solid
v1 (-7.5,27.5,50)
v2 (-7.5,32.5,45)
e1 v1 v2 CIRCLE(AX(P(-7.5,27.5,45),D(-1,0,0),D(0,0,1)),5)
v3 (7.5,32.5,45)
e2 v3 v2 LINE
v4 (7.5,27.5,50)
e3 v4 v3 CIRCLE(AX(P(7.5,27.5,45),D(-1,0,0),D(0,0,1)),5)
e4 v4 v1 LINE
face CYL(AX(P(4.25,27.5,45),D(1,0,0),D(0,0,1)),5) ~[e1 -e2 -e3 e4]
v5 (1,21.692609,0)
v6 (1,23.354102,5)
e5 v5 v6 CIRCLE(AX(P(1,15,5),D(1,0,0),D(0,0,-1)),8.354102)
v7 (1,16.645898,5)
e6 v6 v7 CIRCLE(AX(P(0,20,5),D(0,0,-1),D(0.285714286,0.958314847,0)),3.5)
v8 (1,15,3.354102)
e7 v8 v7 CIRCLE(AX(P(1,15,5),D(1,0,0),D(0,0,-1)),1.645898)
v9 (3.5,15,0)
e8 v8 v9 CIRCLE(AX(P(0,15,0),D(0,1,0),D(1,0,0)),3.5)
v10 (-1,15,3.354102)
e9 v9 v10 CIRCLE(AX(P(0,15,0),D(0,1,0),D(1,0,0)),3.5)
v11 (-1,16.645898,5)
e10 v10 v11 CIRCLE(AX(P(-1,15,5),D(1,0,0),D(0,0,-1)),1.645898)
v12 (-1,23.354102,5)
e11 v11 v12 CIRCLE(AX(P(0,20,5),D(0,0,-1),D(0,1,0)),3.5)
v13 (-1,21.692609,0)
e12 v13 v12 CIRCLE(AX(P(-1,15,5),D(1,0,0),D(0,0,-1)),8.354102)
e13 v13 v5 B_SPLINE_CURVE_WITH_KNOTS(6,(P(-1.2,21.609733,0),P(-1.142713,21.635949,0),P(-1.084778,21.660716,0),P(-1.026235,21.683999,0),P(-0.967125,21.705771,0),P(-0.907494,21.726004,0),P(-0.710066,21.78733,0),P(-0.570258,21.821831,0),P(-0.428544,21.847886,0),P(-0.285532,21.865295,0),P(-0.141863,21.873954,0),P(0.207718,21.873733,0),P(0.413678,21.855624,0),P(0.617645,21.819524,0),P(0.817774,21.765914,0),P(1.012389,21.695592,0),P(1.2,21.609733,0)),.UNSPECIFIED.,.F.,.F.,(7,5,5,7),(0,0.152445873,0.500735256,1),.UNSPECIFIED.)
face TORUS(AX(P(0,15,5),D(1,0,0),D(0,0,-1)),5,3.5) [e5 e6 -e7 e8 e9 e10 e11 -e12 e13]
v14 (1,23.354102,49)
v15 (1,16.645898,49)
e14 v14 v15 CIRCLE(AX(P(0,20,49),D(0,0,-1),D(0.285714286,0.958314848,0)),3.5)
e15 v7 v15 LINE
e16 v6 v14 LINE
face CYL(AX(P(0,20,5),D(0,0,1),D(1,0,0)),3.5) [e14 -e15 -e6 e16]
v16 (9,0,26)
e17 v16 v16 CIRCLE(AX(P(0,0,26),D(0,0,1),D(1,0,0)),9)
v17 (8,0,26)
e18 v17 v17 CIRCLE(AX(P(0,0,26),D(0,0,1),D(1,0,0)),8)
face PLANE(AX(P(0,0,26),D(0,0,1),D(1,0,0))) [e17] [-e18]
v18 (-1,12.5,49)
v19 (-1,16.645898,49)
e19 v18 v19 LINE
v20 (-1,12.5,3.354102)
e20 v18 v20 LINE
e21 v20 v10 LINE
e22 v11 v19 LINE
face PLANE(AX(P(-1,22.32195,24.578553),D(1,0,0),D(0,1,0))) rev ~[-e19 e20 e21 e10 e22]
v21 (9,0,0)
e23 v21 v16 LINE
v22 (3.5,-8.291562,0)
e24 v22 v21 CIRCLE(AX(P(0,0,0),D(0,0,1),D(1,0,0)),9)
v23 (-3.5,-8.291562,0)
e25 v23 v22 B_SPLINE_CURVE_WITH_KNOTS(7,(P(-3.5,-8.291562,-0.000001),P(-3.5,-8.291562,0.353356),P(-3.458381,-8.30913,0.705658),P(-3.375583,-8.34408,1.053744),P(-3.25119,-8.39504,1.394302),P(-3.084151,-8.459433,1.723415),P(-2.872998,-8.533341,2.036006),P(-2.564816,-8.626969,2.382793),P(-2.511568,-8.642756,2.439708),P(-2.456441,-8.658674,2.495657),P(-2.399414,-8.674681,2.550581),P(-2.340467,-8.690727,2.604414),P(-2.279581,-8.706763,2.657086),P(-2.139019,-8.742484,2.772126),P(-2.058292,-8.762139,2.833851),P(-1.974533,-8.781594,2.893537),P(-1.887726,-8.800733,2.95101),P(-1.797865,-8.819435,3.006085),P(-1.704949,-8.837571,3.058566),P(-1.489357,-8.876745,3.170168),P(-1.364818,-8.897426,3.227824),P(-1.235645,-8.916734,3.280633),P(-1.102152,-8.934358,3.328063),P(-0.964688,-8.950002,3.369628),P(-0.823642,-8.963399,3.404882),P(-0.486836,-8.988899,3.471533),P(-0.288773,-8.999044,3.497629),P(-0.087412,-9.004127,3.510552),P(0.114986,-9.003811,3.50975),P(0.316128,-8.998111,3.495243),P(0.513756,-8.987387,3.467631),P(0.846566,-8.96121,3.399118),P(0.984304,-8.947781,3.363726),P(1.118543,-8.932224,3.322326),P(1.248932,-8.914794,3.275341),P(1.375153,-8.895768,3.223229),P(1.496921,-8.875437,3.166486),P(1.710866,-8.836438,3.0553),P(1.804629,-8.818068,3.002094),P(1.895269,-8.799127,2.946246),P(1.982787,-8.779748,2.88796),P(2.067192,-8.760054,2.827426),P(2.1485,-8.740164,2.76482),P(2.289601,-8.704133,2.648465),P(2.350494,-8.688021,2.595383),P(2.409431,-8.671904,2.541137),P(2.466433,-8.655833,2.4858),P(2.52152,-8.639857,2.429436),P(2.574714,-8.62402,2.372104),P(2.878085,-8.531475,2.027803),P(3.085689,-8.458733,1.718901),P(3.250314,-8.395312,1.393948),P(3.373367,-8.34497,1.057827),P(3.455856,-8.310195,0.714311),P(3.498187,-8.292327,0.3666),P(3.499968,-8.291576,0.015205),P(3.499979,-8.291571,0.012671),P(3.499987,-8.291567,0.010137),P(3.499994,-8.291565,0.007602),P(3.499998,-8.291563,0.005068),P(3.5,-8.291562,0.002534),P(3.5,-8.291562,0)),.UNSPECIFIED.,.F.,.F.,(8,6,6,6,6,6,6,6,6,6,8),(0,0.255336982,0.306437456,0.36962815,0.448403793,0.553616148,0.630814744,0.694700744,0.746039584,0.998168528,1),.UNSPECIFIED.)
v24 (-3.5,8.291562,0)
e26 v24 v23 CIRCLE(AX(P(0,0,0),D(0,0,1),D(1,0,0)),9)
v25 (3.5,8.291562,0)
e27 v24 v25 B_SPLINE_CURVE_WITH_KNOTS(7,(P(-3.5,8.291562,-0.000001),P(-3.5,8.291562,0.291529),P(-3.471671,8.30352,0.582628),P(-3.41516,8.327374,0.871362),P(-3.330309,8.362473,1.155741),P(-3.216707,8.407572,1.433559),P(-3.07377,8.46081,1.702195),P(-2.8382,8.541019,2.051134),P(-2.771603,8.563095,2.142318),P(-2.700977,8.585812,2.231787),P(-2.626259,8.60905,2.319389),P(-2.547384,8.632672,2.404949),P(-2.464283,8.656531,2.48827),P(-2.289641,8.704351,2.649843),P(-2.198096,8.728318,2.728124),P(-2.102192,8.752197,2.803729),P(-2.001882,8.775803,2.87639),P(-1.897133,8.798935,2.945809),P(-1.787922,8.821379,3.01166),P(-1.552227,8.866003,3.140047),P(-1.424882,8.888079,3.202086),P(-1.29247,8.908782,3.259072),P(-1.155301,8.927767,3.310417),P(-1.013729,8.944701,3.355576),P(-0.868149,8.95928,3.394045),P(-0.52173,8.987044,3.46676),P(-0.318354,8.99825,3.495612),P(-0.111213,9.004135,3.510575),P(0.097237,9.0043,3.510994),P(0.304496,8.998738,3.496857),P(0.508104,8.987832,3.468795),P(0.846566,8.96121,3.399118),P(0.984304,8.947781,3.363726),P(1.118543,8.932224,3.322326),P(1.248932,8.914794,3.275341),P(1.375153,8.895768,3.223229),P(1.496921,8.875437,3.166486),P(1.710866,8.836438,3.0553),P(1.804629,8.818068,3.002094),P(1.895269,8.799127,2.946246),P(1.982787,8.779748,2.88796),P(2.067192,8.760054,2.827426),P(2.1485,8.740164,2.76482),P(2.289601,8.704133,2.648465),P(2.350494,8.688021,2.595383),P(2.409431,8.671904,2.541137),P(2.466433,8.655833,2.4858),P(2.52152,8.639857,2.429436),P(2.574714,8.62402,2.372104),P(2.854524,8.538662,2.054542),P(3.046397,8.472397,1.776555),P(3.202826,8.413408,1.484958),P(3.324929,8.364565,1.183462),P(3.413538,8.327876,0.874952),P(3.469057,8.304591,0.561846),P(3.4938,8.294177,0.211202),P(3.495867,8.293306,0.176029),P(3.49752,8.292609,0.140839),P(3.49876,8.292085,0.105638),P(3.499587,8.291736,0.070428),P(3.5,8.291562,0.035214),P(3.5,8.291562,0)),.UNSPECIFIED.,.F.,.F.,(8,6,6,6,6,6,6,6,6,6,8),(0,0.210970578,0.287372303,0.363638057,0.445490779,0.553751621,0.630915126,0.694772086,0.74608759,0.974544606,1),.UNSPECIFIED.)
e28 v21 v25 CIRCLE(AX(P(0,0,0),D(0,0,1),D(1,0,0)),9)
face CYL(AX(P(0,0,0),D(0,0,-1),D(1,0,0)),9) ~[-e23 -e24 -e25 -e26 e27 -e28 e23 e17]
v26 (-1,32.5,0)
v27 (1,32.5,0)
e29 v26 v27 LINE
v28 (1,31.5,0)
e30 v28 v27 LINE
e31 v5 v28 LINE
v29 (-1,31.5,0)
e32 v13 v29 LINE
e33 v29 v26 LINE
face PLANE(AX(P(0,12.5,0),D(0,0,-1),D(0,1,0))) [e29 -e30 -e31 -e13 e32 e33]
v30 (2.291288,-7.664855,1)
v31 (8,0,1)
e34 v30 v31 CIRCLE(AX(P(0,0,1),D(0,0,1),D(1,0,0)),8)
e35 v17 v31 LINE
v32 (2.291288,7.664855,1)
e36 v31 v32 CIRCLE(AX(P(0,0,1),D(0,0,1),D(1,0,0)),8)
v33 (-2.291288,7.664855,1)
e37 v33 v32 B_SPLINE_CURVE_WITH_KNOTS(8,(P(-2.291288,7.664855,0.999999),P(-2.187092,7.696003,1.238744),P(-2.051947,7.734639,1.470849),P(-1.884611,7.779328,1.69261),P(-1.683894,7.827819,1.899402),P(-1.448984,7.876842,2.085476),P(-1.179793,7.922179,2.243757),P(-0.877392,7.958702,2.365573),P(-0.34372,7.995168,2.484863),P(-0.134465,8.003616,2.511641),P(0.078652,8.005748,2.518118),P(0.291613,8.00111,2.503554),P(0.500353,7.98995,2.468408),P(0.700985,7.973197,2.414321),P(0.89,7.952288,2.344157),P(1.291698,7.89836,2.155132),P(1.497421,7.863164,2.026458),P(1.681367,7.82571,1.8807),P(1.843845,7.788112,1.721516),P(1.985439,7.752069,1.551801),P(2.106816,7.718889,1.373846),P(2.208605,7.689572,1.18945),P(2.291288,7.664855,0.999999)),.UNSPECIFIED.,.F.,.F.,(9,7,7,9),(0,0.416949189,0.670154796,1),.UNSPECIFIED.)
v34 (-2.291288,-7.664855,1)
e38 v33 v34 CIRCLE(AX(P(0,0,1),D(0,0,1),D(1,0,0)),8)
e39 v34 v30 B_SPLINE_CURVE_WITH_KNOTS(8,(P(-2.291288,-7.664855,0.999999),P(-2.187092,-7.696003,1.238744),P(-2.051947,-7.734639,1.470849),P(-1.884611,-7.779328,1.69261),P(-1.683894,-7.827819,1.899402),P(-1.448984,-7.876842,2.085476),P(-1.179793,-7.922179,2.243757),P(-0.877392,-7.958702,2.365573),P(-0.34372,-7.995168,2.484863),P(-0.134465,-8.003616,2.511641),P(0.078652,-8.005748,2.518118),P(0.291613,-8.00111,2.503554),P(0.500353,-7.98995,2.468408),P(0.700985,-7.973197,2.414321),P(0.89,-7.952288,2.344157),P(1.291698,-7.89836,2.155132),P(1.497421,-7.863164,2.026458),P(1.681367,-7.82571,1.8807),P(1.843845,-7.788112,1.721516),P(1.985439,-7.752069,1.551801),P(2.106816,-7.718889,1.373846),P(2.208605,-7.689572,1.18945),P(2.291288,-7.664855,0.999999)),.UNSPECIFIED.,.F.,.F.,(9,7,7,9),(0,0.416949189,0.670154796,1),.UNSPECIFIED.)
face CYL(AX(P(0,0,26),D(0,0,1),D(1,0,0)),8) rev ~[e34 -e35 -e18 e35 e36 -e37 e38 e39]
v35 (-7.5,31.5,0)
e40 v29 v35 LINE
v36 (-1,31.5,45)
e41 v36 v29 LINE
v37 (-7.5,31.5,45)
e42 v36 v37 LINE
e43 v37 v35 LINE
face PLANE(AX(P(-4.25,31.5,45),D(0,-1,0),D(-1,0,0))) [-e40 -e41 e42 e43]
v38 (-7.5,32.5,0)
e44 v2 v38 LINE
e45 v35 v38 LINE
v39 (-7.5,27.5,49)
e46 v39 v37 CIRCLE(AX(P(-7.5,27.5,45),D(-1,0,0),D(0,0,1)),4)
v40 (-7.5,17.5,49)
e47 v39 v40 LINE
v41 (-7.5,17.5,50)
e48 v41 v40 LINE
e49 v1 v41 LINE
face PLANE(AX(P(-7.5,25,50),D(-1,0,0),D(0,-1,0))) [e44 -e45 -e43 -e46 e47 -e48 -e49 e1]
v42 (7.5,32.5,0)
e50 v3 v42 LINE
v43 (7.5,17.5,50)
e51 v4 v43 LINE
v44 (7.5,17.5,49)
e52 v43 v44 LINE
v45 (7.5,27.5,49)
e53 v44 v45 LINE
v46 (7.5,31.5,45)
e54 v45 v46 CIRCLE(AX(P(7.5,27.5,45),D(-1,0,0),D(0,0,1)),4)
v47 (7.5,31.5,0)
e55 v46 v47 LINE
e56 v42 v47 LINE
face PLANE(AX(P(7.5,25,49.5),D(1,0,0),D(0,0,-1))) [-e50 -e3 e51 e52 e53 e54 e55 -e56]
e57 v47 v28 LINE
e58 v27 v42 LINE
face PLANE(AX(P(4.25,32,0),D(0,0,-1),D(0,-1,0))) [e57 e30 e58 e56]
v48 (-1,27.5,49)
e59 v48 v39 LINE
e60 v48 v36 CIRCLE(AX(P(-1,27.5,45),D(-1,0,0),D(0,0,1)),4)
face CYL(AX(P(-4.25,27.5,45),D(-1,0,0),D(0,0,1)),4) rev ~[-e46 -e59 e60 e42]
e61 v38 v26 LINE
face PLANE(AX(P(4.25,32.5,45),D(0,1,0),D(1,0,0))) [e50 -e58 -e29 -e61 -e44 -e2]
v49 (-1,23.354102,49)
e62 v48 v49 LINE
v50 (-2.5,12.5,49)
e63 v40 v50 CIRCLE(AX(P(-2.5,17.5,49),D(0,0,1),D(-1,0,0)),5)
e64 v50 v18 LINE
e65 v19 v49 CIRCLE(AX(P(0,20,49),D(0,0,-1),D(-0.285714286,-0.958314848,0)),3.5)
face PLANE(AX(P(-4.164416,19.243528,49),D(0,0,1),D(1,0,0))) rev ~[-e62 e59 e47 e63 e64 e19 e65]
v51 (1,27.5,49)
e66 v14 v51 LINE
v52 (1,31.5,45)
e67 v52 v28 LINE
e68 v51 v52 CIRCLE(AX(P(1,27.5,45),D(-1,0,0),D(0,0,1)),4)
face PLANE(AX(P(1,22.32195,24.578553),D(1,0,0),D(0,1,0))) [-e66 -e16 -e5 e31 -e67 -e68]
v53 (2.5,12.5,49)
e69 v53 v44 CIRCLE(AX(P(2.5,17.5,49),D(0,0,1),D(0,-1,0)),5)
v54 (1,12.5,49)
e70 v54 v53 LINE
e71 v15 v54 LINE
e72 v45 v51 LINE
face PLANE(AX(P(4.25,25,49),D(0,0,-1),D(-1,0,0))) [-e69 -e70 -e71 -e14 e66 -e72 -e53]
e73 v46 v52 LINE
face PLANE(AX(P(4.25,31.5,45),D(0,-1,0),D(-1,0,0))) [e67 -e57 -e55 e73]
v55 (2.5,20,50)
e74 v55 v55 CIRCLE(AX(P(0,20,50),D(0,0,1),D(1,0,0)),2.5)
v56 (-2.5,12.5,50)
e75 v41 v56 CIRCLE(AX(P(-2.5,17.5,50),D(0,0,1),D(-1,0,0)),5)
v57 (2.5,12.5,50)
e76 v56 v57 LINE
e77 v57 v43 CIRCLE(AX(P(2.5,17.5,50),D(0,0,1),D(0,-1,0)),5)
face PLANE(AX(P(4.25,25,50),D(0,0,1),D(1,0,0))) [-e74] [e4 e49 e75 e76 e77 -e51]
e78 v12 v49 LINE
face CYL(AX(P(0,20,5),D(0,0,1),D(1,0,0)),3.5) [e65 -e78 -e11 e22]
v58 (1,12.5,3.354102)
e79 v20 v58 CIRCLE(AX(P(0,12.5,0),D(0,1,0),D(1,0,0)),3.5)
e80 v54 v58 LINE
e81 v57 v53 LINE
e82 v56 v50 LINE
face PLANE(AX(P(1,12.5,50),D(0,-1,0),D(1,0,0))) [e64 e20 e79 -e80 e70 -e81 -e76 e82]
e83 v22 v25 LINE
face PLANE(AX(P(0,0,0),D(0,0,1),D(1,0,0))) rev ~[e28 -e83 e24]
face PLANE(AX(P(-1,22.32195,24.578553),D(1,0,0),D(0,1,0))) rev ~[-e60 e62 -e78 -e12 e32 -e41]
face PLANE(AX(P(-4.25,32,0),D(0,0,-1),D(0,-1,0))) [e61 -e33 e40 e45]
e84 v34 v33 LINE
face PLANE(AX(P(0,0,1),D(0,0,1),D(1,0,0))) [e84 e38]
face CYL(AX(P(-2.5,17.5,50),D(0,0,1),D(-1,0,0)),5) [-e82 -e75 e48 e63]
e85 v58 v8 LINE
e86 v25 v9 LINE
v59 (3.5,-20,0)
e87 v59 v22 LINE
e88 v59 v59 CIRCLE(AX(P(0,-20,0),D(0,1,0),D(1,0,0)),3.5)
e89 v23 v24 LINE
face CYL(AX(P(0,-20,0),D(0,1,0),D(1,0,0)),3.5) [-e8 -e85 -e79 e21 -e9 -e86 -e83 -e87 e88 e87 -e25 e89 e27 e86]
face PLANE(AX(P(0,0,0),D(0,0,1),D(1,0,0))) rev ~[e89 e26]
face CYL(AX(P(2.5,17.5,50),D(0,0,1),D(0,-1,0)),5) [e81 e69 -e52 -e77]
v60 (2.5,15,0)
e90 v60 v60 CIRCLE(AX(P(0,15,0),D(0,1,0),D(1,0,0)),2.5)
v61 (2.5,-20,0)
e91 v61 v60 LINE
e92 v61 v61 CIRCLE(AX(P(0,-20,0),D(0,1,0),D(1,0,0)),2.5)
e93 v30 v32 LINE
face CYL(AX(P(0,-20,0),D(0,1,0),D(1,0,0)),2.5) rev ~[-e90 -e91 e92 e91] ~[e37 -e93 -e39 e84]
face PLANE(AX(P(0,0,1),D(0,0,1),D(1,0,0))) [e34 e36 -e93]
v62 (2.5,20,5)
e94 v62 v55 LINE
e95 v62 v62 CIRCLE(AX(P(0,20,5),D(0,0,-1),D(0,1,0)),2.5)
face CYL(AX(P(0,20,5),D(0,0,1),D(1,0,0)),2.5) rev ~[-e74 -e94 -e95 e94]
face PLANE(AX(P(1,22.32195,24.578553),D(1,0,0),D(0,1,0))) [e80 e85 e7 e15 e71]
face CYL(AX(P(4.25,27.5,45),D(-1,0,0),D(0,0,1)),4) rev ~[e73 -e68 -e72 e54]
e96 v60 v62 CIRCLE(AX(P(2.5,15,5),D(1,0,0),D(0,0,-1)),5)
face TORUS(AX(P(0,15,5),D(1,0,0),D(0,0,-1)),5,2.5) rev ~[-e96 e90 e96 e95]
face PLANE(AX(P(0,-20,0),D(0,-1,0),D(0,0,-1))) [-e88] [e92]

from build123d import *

# Parameters (mm, degrees)
F0_R       = 9
F1_DEPTH   = 26
F3_DEPTH   = 1
F4_R       = 3.5
F7_R       = 2.5
F9_R       = 8
F10_DEPTH  = 25
F13_DEPTH  = 1
F13_FACE_W = 6.5
F13_FACE_H = 1


with BuildPart() as f1:
    # F0 (on Top) → F1 (new body)
    with BuildSketch(Plane.XY):
        Circle(F0_R)
    extrude(amount=F1_DEPTH)



with BuildPart() as f3:
    # F2 (on Right) → F3 (new body, symmetric)
    with BuildSketch(Plane.YZ):
        with BuildLine():
            Line((12.5, 0), (32.5, 0))
            Line((32.5, 0), (32.5, 45))
            ThreePointArc((32.5, 45), (31.0355339059, 48.5355339059), (27.5, 50))
            Line((27.5, 50), (12.5, 50))
            Line((12.5, 50), (12.5, 0))
        make_face()
    extrude(amount=F3_DEPTH, both=True)


with BuildPart() as f1_1:
    add(f1.part)

    add(f3.part)  # F6 merges F3
    # F6: sweep along a path in F5
    with BuildLine(Plane.YZ) as f6_path:
        Line((-20, 0), (0, 0))
        Line((0, 0), (15, 0))
        ThreePointArc((15, 0), (18.5355339059, 1.4644660941), (20, 5))
        Line((20, 5), (20, 50))
    # F4 (on Front) → F6 (sweep)
    with BuildSketch(Plane.XZ):
        Circle(F4_R)
    sweep(path=f6_path.line)

    # F8: sweep along a path in F5
    with BuildLine(Plane.YZ) as f8_path:
        Line((-20, 0), (0, 0))
        Line((0, 0), (15, 0))
        ThreePointArc((15, 0), (18.5355339059, 1.4644660941), (20, 5))
        Line((20, 5), (20, 50))
    # F7 (on face) → F8 (sweep, cut)
    with BuildSketch(Plane.XZ.offset(20)):
        Circle(F7_R)
    sweep(path=f8_path.line, mode=Mode.SUBTRACT)

    # F9 (on face) → F10 (cut)
    with BuildSketch(Plane.XY.offset(26)):
        Circle(F9_R)
    extrude(amount=-F10_DEPTH, mode=Mode.SUBTRACT)

    # F12 (on face) → F13 (join)
    with BuildSketch(Plane.XY.offset(50)):
        with BuildLine():
            Line((7.5, 25), (1, 25))
            Line((1, 25), (1, 23.3541019662))
            ThreePointArc((1, 23.3541019662), (3.5, 20), (1, 16.6458980338))
            Line((1, 16.6458980338), (1, 12.5))
            Line((1, 12.5), (2.5, 12.5))
            ThreePointArc((2.5, 12.5), (6.0355339059, 13.9644660941), (7.5, 17.5))
            Line((7.5, 17.5), (7.5, 25))
        make_face()
        with BuildLine():
            Line((-1, 25), (-7.5, 25))
            Line((-7.5, 25), (-7.5, 17.5))
            ThreePointArc((-7.5, 17.5), (-6.0355339059, 13.9644660941), (-2.5, 12.5))
            Line((-2.5, 12.5), (-1, 12.5))
            Line((-1, 12.5), (-1, 16.6458980338))
            ThreePointArc((-1, 16.6458980338), (-3.5, 20), (-1, 23.3541019662))
            Line((-1, 23.3541019662), (-1, 25))
        make_face()
    extrude(amount=-F13_DEPTH)

    # F14: sweep along a path in F14_path
    with BuildLine(Plane(origin=(1, 27.5, 50), x_dir=(0, 0, 1), z_dir=(1, 0, 0))) as f14_path:
        Line((0, 2.5), (0, 0))
        ThreePointArc((0, 0), (-1.4644660941, -3.5355339059), (-5, -5))
        Line((-5, -5), (-50, -5))
    # F13_face (on face) → F14 (sweep)
    with BuildSketch(Plane(origin=(4.25, 25, 49.5), x_dir=(-1, 0, 0), z_dir=(0, 1, 0))):
        Rectangle(F13_FACE_W, F13_FACE_H)
        with Locations((8.5, 0)):
            Rectangle(F13_FACE_W, F13_FACE_H)
    sweep(path=f14_path.line)


solid = f1_1.part
